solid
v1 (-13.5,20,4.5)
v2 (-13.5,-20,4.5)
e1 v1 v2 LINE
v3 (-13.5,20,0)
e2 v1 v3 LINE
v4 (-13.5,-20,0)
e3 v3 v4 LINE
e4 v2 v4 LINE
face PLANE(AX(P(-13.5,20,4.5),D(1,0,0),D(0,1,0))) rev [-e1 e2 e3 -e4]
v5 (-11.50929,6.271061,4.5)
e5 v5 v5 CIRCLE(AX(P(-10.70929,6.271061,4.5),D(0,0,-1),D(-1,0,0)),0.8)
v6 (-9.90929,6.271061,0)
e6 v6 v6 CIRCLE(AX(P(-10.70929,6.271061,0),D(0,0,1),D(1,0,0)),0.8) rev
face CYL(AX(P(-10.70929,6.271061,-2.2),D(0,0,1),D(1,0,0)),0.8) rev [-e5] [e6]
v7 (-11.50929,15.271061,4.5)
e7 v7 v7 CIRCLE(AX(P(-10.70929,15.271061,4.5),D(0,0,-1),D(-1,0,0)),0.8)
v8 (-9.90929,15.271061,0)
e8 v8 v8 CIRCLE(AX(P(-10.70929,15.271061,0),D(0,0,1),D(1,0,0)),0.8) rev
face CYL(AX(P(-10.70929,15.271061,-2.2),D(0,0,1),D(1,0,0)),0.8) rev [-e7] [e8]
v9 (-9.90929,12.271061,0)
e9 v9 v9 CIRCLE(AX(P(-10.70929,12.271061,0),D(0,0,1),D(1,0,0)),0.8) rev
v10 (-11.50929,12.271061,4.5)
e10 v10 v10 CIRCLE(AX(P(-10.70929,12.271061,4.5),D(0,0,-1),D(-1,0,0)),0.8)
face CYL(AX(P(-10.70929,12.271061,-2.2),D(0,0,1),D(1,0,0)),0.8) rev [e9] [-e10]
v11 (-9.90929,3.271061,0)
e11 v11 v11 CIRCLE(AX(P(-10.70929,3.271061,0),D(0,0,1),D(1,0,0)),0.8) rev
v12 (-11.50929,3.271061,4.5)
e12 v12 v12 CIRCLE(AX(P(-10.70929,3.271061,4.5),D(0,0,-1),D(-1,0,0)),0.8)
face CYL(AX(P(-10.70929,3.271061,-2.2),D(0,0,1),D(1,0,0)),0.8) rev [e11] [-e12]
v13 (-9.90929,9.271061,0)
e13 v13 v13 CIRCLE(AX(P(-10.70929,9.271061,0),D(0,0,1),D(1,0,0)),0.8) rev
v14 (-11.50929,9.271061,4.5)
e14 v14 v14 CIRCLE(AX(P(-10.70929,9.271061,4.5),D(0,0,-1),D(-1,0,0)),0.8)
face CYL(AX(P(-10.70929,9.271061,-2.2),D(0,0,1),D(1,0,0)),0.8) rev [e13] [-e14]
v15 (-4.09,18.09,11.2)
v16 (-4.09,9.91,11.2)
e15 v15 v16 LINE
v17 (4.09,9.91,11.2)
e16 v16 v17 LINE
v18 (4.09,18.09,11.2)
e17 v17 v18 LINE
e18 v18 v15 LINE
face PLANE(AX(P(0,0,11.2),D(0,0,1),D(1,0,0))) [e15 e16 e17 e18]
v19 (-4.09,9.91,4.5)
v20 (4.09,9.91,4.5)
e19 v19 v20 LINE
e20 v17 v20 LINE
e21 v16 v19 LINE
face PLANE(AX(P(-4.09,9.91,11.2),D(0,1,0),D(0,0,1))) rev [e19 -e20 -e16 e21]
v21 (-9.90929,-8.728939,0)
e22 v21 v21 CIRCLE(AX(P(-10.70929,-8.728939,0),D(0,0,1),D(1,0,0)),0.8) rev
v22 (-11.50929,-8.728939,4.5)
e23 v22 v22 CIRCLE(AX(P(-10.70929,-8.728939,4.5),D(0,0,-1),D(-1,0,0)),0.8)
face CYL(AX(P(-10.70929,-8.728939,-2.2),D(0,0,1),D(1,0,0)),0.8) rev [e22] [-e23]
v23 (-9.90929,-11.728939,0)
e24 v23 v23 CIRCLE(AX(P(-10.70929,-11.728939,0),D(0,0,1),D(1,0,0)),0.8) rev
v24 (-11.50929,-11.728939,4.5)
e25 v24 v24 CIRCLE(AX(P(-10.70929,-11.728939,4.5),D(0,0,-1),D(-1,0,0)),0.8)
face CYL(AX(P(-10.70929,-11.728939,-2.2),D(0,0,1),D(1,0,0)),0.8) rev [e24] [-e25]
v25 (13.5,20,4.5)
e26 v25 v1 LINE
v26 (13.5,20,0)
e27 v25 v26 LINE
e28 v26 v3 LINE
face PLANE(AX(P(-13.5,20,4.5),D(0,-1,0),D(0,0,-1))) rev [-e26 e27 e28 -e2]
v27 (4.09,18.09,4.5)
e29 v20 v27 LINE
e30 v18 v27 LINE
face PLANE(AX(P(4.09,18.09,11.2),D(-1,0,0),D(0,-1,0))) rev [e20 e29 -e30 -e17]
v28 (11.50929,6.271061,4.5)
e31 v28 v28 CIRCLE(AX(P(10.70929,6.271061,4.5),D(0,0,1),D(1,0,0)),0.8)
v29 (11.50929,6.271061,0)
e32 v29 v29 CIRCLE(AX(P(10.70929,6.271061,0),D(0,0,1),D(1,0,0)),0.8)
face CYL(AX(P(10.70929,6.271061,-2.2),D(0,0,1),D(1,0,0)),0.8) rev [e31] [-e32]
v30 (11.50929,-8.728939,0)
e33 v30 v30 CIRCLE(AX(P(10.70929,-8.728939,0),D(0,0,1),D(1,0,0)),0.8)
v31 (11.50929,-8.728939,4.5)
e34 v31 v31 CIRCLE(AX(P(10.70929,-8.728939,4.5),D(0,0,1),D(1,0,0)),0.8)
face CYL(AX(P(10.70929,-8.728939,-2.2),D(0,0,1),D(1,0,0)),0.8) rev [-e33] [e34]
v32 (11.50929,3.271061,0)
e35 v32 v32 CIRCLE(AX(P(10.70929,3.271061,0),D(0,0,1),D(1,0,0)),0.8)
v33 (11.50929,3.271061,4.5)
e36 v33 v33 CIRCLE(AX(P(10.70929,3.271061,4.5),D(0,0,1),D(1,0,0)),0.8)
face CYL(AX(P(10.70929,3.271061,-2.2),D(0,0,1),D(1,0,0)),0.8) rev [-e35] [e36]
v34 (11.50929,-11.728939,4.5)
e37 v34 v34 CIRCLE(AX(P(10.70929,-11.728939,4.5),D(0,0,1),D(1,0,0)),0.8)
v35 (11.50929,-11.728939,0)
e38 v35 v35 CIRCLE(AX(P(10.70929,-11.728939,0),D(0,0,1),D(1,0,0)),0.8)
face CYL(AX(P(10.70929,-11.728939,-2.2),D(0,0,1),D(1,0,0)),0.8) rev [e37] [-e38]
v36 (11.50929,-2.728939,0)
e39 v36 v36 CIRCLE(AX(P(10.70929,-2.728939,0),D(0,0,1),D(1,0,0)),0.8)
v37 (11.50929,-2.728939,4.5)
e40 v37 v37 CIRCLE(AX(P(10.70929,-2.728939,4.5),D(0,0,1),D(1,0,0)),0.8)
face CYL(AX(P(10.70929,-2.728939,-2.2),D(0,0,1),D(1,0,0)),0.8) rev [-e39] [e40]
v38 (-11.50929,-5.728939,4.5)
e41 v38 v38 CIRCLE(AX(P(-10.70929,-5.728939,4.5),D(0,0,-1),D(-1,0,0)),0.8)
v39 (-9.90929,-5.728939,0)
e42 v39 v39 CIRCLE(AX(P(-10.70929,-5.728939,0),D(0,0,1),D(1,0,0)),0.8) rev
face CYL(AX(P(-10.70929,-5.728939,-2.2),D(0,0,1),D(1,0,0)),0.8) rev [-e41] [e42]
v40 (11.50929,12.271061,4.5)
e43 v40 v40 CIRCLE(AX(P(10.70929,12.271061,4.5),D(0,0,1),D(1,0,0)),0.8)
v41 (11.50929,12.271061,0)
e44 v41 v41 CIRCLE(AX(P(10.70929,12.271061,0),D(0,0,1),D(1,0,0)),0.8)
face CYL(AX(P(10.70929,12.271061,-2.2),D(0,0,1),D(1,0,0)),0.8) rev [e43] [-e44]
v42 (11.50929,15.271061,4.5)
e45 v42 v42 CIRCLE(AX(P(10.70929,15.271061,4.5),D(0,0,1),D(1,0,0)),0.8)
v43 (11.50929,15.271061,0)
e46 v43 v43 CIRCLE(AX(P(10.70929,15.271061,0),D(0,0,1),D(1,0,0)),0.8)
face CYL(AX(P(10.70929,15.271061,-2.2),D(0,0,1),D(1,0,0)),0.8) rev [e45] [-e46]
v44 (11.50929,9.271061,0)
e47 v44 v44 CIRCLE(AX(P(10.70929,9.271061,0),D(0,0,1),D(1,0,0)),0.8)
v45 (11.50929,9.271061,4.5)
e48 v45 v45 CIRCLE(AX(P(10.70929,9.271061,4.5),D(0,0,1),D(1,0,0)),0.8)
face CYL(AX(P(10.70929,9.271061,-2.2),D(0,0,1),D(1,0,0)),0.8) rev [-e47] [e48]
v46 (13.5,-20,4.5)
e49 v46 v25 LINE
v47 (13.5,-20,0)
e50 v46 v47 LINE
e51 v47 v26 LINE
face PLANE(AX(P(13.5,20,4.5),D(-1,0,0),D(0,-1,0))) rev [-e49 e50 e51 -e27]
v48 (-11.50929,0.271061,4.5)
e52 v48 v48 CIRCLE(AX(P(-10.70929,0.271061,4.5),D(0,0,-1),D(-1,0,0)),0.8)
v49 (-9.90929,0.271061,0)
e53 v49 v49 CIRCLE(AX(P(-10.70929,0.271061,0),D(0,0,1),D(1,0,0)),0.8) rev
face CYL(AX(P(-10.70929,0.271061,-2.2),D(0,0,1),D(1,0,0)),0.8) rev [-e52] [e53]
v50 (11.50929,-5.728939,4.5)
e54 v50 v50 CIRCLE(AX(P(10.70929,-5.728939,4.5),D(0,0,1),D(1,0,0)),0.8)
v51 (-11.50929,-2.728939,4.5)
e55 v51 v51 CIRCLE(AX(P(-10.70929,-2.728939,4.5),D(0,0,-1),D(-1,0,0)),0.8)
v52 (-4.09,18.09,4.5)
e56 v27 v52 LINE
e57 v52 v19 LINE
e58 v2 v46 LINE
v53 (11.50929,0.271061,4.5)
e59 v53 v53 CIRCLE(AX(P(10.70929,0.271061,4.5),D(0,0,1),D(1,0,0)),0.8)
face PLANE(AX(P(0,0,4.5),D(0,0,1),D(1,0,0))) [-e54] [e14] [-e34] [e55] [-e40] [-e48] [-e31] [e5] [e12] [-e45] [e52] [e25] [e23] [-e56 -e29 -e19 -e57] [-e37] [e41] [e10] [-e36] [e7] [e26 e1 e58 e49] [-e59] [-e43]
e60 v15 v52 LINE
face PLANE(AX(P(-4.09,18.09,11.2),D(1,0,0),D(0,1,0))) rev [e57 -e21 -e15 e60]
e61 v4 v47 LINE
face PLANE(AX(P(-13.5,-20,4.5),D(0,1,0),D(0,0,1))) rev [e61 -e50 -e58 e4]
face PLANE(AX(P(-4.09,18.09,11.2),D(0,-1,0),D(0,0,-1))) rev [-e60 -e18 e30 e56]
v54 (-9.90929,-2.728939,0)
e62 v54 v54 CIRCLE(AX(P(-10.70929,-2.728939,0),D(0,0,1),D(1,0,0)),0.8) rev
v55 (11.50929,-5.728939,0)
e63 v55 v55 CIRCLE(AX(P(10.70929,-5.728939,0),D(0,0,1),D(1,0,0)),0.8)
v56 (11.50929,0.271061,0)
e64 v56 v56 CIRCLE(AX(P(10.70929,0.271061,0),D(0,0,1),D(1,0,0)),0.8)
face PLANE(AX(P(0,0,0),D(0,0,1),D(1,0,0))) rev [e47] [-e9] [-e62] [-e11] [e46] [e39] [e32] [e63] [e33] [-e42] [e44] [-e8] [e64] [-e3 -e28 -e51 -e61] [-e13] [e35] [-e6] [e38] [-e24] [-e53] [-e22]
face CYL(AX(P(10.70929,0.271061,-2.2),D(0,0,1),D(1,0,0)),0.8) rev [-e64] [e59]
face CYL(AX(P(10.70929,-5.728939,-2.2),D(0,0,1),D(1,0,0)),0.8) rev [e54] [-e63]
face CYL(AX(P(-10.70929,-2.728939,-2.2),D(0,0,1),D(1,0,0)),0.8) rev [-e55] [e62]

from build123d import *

# Parameters (mm, degrees)
SKETCH1_W           = 27
SKETCH1_H           = 40
BOSS_EXTRUDE1_DEPTH = 4.5
SKETCH2_W           = 8.18
SKETCH2_H           = 8.18
BOSS_EXTRUDE2_DEPTH = 6.7
SKETCH3_R           = 0.8
CUT_EXTRUDE1_DEPTH  = 6.7


with BuildPart() as part:
    # Sketch1 → Boss-Extrude1 (new body)
    with BuildSketch(Plane.XY):
        Rectangle(SKETCH1_W, SKETCH1_H)
    extrude(amount=BOSS_EXTRUDE1_DEPTH)

    # Sketch2 → Boss-Extrude2 (add)
    with BuildSketch(Plane.XY.offset(4.5)):
        with Locations((0, 14)):
            Rectangle(SKETCH2_W, SKETCH2_H)
    extrude(amount=BOSS_EXTRUDE2_DEPTH)

    # Sketch3 → Cut-Extrude1 (cut)
    with BuildSketch(Plane.XY.offset(4.5)):
        with Locations((10.7092899, 15.271061343)):
            Circle(SKETCH3_R)
        with Locations((10.7092899, 12.271061343)):
            Circle(SKETCH3_R)
        with Locations((10.7092899, 9.271061343)):
            Circle(SKETCH3_R)
        with Locations((10.7092899, 6.271061343)):
            Circle(SKETCH3_R)
        with Locations((10.7092899, 3.271061343)):
            Circle(SKETCH3_R)
        with Locations((10.7092899, 0.271061343)):
            Circle(SKETCH3_R)
        with Locations((10.7092899, -2.728938657)):
            Circle(SKETCH3_R)
        with Locations((10.7092899, -5.728938657)):
            Circle(SKETCH3_R)
        with Locations((10.7092899, -8.728938657)):
            Circle(SKETCH3_R)
        with Locations((10.7092899, -11.728938657)):
            Circle(SKETCH3_R)
    cut_extrude1 = extrude(amount=-CUT_EXTRUDE1_DEPTH, mode=Mode.SUBTRACT)

    # Mirror1: Cut-Extrude1 across plane
    add(cut_extrude1.mirror(Plane(origin=(0, 0, 0), x_dir=(0, 0, 1), z_dir=(1, 0, 0))), mode=Mode.SUBTRACT)


solid = part.part
